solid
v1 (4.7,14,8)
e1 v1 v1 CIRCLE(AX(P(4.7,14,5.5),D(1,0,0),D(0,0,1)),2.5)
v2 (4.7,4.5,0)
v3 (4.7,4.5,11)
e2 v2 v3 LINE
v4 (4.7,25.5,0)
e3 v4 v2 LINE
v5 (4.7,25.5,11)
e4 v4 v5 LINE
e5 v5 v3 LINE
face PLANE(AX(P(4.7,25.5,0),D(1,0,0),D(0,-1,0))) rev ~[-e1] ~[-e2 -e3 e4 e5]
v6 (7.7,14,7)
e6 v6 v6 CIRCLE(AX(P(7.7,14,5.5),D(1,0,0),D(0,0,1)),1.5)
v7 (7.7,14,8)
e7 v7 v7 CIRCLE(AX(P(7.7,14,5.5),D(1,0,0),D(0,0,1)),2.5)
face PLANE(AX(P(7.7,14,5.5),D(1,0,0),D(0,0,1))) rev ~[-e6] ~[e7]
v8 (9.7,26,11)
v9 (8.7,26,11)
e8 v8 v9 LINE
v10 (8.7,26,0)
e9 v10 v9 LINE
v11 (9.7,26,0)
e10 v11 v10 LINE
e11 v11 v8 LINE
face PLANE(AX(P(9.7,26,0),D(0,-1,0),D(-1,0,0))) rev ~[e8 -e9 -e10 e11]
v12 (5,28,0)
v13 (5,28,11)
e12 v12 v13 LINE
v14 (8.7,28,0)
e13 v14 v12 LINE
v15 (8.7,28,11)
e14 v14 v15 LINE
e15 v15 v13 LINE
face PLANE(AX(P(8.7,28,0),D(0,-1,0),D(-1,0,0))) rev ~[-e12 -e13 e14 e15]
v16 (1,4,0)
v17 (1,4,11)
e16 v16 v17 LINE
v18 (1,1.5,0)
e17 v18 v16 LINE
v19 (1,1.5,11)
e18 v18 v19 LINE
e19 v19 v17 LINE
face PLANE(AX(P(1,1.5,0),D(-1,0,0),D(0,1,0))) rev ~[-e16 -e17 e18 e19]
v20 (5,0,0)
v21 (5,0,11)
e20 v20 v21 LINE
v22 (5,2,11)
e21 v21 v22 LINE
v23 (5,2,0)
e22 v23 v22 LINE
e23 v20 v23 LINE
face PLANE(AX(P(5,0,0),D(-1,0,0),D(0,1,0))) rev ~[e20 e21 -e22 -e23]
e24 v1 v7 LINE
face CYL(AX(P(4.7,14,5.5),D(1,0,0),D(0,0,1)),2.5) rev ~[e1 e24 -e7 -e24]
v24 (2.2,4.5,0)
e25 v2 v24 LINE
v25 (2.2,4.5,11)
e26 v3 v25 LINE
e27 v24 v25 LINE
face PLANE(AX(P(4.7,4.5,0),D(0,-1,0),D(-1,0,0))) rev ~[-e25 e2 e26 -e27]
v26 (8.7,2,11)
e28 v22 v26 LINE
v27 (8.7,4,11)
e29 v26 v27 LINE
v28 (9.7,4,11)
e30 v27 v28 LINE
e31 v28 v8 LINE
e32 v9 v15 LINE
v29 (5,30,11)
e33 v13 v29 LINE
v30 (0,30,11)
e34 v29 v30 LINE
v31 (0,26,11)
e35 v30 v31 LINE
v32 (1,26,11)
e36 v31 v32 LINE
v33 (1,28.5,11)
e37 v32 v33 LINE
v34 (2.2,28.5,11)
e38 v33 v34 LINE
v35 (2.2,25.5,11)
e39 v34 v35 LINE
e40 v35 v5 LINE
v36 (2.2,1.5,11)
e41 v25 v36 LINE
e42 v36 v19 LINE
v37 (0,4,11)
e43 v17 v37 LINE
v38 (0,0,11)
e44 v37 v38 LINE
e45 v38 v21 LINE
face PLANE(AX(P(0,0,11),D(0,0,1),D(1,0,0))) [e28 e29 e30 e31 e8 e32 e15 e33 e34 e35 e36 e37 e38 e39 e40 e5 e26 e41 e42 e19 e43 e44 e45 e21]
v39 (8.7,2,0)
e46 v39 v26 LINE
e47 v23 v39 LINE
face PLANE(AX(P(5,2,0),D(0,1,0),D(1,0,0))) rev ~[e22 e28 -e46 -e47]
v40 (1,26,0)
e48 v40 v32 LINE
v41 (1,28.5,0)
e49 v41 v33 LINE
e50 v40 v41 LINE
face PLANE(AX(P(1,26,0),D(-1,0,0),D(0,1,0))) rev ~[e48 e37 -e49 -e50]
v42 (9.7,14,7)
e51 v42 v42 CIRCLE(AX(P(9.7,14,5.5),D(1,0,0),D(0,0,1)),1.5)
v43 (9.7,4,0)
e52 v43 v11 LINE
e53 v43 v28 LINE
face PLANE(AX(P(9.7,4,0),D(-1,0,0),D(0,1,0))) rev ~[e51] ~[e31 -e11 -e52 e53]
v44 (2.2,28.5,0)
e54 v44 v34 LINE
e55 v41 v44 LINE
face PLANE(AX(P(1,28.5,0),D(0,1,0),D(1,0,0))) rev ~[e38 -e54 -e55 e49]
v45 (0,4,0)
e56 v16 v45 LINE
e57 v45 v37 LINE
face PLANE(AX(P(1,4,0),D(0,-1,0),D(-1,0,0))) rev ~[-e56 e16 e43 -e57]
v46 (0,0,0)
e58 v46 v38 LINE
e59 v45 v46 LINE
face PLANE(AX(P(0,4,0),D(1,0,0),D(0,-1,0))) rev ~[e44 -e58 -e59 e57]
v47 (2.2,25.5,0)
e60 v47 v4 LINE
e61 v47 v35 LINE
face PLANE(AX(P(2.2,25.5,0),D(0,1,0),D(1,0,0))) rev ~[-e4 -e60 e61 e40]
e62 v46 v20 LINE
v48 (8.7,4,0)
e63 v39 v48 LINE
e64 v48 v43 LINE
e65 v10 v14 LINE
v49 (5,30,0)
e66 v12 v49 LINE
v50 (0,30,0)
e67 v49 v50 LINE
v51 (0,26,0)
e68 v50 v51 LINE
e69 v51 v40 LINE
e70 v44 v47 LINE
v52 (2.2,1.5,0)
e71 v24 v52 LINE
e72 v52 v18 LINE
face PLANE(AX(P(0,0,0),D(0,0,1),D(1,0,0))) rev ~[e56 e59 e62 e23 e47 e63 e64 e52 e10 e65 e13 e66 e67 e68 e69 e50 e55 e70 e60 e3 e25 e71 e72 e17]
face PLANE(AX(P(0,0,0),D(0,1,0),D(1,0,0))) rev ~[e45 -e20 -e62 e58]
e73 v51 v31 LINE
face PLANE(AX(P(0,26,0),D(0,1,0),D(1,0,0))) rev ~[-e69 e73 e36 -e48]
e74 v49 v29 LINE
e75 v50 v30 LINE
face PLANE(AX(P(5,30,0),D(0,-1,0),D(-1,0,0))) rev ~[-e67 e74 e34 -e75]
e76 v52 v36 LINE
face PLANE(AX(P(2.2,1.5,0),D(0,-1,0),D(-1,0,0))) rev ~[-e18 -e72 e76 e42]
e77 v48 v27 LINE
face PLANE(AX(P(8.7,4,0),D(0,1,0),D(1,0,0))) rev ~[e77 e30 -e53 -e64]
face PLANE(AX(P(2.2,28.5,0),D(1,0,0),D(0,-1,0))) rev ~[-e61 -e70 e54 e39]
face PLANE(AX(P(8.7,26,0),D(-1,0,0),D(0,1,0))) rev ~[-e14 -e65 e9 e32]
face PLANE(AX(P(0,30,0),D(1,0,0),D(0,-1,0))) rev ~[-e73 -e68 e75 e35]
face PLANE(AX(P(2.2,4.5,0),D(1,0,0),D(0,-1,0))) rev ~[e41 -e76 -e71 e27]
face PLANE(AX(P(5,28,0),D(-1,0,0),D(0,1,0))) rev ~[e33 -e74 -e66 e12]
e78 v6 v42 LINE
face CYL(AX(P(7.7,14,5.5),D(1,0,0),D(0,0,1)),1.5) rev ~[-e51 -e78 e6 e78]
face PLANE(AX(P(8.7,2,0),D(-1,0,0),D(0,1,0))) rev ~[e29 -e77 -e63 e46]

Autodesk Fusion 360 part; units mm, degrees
sketch "Esquisse1" plane through (0, 0, 0) normal (0, 0, 1) x (1, 0, 0)
  line L0 (0, 4) -> (0, 0)
  line L1 (0, 0) -> (5, 0)
  line L2 (5, 0) -> (5, 2)
  line L3 (5, 2) -> (8.7, 2)
  line L4 (8.7, 2) -> (8.7, 4)
  line L5 (8.7, 4) -> (9.7, 4)
  line L6 (9.7, 4) -> (9.7, 26)
  line L7 (9.7, 26) -> (8.7, 26)
  line L8 (8.7, 26) -> (8.7, 28)
  line L9 (8.7, 28) -> (5, 28)
  line L10 (5, 28) -> (5, 30)
  line L11 (5, 30) -> (0, 30)
  line L12 (0, 30) -> (0, 26)
  line L13 (0, 26) -> (1, 26)
  line L14 (1, 26) -> (1, 28.5)
  line L15 (1, 28.5) -> (2.2, 28.5)
  line L16 (2.2, 28.5) -> (2.2, 25.5)
  line L17 (2.2, 25.5) -> (4.7, 25.5)
  line L18 (4.7, 25.5) -> (4.7, 4.5)
  line L19 (4.7, 4.5) -> (2.2, 4.5)
  line L20 (2.2, 4.5) -> (2.2, 1.5)
  line L21 (2.2, 1.5) -> (1, 1.5)
  line L22 (1, 1.5) -> (1, 4)
  line L23 (1, 4) -> (0, 4)
  dimension "d1" = 4
  dimension "d2" = 1.2
  dimension "d3" = 1
  dimension "d4" = 21
  dimension "d5" = 1.5
  dimension "d6" = 5
  dimension "d7" = 30
  dimension "d8" = 2.5
  dimension "d9" = 2
  dimension "d10" = 2
  dimension "d11" = 5
  dimension "d12" = 1
extrude "Extrusion1" add sketch "Esquisse1" along normal blind 11
sketch "Esquisse2" plane through (0, 0, 0) normal (1, 0, 0) x (0, 0, -1)
  line L0 (0, 26) -> (-11, 26)
  line L1 (0, 4) -> (-11, 4)
sketch "Esquisse3" plane through (0, 0, 0) normal (1, 0, 0) x (0, 0, -1)
sketch "Esquisse4" plane through (4.7, 0, 0) normal (-1, 0, 0) x (0, 0, 1)
  line L0 (0, 25.5) -> (0, 4.5)
  line L1 (0, 4.5) -> (11, 4.5)
  line L2 (11, 4.5) -> (11, 25.5)
  line L3 (11, 25.5) -> (0, 25.5)
  line L4 (0, 26) -> (11, 26)
  line L5 (0, 4) -> (11, 4)
  circle A0 centre (5.5, 14) radius 1.5
  dimension "d16" = 3
sketch "Esquisse5" plane through (4.7, 0, 0) normal (-1, 0, 0) x (0, 0, 1)
  line L0 (0, 25.5) -> (0, 4.5)
  line L1 (0, 4.5) -> (11, 4.5)
  line L2 (11, 4.5) -> (11, 25.5)
  line L3 (11, 25.5) -> (0, 25.5)
  circle A0 centre (5.5, 14) radius 1.5
  dimension "d27" = 3
hole "Perçage3" at (4.7, 14, 5.5) direction (1, 0, 0) diameter 3 depth 5 tip angle 180 counterbore diameter 5 counterbore depth 3
sketch "Esquisse6" plane through (0, 0, 0) normal (0, 0, 1) x (1, 0, 0)
hole "Perçage1" [suppressed]
hole "Perçage2" [suppressed]
